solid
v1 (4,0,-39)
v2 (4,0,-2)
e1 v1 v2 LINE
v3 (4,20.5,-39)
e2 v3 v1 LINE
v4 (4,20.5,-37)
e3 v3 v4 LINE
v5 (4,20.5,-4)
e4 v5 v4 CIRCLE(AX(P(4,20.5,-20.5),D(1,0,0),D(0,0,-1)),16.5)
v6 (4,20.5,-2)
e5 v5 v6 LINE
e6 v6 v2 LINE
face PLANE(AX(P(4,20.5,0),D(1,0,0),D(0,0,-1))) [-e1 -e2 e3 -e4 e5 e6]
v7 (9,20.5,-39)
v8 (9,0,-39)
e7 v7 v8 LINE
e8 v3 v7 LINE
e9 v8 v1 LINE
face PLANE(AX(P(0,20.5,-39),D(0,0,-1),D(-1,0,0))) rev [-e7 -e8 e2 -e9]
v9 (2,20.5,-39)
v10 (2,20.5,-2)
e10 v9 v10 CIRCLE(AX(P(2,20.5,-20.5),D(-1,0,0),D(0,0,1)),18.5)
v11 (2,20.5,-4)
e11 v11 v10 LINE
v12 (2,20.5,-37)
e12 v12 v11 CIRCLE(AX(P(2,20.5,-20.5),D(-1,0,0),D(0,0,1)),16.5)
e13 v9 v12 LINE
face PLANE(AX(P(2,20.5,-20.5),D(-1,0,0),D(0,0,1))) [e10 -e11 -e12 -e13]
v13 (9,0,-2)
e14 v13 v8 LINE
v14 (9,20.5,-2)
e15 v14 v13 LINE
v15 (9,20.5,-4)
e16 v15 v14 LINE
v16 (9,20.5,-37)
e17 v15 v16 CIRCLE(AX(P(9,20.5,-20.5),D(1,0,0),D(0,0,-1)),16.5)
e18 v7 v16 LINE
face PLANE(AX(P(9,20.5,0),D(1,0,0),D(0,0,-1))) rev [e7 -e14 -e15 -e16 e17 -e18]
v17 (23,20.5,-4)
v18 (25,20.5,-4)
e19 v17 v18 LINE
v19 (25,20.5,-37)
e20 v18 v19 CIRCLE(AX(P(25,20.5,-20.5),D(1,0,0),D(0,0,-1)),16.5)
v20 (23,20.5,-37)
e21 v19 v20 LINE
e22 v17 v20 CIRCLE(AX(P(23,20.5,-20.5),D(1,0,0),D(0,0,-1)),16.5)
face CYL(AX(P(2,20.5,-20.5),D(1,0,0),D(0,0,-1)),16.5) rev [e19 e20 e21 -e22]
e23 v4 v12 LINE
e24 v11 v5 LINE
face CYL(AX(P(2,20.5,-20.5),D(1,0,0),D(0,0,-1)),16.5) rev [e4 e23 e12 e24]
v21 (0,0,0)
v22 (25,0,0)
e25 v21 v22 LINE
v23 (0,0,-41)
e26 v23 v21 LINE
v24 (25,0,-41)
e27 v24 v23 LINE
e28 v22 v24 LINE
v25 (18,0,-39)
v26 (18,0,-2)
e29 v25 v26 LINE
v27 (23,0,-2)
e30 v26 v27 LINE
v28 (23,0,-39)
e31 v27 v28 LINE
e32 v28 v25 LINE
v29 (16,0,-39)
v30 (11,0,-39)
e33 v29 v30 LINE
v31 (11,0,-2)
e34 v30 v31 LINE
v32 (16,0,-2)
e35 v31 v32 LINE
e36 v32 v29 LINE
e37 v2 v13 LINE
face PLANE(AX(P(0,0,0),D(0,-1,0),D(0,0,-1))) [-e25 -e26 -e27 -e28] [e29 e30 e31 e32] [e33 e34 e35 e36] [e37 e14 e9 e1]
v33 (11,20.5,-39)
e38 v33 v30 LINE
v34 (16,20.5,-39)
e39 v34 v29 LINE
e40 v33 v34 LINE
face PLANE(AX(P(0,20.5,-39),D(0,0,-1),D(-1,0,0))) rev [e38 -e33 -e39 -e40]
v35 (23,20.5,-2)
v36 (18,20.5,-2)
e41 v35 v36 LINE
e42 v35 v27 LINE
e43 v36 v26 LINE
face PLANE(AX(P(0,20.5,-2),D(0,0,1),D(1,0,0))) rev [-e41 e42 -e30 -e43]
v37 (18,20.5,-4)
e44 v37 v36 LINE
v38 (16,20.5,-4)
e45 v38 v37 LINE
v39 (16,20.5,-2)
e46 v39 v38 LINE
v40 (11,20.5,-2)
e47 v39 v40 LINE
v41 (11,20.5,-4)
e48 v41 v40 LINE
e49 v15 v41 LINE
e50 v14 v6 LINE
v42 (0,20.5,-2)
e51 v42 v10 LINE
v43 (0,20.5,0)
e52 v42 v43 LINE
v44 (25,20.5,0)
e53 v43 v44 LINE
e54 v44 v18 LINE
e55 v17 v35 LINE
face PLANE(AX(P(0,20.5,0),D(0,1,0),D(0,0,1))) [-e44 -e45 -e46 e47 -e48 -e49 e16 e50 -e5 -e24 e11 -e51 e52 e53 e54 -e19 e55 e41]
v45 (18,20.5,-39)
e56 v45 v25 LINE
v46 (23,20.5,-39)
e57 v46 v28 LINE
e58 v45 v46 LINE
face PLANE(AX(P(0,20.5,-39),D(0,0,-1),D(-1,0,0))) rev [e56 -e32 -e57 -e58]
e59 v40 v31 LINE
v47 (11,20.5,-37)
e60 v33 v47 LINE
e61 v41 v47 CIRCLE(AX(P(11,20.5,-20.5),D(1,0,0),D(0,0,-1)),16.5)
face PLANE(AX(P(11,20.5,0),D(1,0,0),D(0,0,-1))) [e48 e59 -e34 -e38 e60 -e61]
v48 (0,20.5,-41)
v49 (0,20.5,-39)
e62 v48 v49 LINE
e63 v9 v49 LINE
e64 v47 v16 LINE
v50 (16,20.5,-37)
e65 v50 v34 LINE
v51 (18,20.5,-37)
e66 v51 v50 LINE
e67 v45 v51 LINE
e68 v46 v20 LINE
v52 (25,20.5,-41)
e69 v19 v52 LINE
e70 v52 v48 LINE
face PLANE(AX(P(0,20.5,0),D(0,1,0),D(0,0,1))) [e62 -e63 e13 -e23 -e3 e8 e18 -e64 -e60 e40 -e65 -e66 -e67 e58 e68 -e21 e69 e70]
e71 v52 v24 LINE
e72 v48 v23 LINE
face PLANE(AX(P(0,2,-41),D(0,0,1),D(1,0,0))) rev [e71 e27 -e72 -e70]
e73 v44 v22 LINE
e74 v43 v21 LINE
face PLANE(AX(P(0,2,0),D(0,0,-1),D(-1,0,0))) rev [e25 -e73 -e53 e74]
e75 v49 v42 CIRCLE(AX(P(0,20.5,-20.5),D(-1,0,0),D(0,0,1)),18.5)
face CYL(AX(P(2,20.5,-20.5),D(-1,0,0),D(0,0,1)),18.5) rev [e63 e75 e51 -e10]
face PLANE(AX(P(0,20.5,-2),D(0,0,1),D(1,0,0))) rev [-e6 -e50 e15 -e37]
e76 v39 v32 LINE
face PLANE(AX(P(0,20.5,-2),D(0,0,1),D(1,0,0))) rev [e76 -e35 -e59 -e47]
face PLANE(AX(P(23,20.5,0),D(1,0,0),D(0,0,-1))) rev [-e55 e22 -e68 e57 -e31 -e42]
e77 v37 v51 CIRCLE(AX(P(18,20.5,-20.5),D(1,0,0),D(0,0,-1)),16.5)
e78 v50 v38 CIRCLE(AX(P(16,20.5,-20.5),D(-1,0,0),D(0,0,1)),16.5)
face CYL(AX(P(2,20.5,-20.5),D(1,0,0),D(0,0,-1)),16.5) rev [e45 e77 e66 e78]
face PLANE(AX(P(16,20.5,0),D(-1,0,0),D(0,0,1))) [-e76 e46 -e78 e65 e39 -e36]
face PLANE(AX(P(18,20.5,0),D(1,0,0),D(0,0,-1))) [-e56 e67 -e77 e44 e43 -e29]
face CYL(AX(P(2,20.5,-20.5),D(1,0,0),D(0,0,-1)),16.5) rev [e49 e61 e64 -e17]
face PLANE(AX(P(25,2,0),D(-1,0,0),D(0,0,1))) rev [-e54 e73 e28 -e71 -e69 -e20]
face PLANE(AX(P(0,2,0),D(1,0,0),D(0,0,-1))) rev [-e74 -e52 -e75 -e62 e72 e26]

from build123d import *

# Parameters (mm, degrees)
SKETCH_1_W             = 25
SKETCH_1_H             = 41
EXTRUDE_415_DEPTH      = 2
SKETCH_5_W             = 25
SKETCH_5_H             = 2
EXTRUDE_624_DEPTH      = 18.5
SKETCH_7_W             = 4
SKETCH_7_H             = 37
SKETCH_7_W_2           = 2
EXTRUDE_1265_DEPTH     = 18.5
SKETCH_8_R             = 18.5
CUT_EXTRUDE_1405_DEPTH = 2
SKETCH_9_R             = 16.5
CUT_EXTRUDE_1536_DEPTH = 23
SKETCH_10_W            = 5
SKETCH_10_H            = 37
CUT_EXTRUDE_1762_DEPTH = 2


with BuildPart() as part:
    # 草图1 → Extrude 415 (new body)
    with BuildSketch(Plane(origin=(0, 0, 0), x_dir=(1, 0, 0), z_dir=(0, 1, 0))):
        with Locations((12.5, 20.5)):
            Rectangle(SKETCH_1_W, SKETCH_1_H)
    extrude(amount=EXTRUDE_415_DEPTH)

    # 草图5 → Extrude 624 (add)
    with BuildSketch(Plane(origin=(0, 2, 0), x_dir=(1, 0, 0), z_dir=(0, 1, 0))):
        with Locations((12.5, 40)):
            Rectangle(SKETCH_5_W, SKETCH_5_H)
        with Locations((12.5, 1)):
            Rectangle(SKETCH_5_W, SKETCH_5_H)
    extrude(amount=EXTRUDE_624_DEPTH)

    # 草图7 → Extrude 1265 (add)
    with BuildSketch(Plane(origin=(0, 2, 0), x_dir=(1, 0, 0), z_dir=(0, 1, 0))):
        with Locations((2, 20.5)):
            Rectangle(SKETCH_7_W, SKETCH_7_H)
        with Locations((10, 20.5)):
            Rectangle(SKETCH_7_W_2, SKETCH_7_H)
        with Locations((17, 20.5)):
            Rectangle(SKETCH_7_W_2, SKETCH_7_H)
        with Locations((24, 20.5)):
            Rectangle(SKETCH_7_W_2, SKETCH_7_H)
    extrude(amount=EXTRUDE_1265_DEPTH)

    # 草图8 → Cut-Extrude 1405 (cut)
    with BuildSketch(Plane.ZY):
        with Locations((-20.5, 20.5)):
            Circle(SKETCH_8_R)
    extrude(amount=-CUT_EXTRUDE_1405_DEPTH, mode=Mode.SUBTRACT)

    # 草图9 → Cut-Extrude 1536 (cut)
    with BuildSketch(Plane(origin=(25, 0, 0), x_dir=(0, 0, -1), z_dir=(1, 0, 0))):
        with Locations((20.5, 20.5)):
            Circle(SKETCH_9_R)
    extrude(amount=-CUT_EXTRUDE_1536_DEPTH, mode=Mode.SUBTRACT)

    # 草图10 → Cut-Extrude 1762 (cut)
    with BuildSketch(Plane(origin=(0, 2, 0), x_dir=(1, 0, 0), z_dir=(0, 1, 0))):
        with Locations((6.5, 20.5)):
            Rectangle(SKETCH_10_W, SKETCH_10_H)
        with Locations((13.5, 20.5)):
            Rectangle(SKETCH_10_W, SKETCH_10_H)
        with Locations((20.5, 20.5)):
            Rectangle(SKETCH_10_W, SKETCH_10_H)
    extrude(amount=-CUT_EXTRUDE_1762_DEPTH, mode=Mode.SUBTRACT)


solid = part.part
